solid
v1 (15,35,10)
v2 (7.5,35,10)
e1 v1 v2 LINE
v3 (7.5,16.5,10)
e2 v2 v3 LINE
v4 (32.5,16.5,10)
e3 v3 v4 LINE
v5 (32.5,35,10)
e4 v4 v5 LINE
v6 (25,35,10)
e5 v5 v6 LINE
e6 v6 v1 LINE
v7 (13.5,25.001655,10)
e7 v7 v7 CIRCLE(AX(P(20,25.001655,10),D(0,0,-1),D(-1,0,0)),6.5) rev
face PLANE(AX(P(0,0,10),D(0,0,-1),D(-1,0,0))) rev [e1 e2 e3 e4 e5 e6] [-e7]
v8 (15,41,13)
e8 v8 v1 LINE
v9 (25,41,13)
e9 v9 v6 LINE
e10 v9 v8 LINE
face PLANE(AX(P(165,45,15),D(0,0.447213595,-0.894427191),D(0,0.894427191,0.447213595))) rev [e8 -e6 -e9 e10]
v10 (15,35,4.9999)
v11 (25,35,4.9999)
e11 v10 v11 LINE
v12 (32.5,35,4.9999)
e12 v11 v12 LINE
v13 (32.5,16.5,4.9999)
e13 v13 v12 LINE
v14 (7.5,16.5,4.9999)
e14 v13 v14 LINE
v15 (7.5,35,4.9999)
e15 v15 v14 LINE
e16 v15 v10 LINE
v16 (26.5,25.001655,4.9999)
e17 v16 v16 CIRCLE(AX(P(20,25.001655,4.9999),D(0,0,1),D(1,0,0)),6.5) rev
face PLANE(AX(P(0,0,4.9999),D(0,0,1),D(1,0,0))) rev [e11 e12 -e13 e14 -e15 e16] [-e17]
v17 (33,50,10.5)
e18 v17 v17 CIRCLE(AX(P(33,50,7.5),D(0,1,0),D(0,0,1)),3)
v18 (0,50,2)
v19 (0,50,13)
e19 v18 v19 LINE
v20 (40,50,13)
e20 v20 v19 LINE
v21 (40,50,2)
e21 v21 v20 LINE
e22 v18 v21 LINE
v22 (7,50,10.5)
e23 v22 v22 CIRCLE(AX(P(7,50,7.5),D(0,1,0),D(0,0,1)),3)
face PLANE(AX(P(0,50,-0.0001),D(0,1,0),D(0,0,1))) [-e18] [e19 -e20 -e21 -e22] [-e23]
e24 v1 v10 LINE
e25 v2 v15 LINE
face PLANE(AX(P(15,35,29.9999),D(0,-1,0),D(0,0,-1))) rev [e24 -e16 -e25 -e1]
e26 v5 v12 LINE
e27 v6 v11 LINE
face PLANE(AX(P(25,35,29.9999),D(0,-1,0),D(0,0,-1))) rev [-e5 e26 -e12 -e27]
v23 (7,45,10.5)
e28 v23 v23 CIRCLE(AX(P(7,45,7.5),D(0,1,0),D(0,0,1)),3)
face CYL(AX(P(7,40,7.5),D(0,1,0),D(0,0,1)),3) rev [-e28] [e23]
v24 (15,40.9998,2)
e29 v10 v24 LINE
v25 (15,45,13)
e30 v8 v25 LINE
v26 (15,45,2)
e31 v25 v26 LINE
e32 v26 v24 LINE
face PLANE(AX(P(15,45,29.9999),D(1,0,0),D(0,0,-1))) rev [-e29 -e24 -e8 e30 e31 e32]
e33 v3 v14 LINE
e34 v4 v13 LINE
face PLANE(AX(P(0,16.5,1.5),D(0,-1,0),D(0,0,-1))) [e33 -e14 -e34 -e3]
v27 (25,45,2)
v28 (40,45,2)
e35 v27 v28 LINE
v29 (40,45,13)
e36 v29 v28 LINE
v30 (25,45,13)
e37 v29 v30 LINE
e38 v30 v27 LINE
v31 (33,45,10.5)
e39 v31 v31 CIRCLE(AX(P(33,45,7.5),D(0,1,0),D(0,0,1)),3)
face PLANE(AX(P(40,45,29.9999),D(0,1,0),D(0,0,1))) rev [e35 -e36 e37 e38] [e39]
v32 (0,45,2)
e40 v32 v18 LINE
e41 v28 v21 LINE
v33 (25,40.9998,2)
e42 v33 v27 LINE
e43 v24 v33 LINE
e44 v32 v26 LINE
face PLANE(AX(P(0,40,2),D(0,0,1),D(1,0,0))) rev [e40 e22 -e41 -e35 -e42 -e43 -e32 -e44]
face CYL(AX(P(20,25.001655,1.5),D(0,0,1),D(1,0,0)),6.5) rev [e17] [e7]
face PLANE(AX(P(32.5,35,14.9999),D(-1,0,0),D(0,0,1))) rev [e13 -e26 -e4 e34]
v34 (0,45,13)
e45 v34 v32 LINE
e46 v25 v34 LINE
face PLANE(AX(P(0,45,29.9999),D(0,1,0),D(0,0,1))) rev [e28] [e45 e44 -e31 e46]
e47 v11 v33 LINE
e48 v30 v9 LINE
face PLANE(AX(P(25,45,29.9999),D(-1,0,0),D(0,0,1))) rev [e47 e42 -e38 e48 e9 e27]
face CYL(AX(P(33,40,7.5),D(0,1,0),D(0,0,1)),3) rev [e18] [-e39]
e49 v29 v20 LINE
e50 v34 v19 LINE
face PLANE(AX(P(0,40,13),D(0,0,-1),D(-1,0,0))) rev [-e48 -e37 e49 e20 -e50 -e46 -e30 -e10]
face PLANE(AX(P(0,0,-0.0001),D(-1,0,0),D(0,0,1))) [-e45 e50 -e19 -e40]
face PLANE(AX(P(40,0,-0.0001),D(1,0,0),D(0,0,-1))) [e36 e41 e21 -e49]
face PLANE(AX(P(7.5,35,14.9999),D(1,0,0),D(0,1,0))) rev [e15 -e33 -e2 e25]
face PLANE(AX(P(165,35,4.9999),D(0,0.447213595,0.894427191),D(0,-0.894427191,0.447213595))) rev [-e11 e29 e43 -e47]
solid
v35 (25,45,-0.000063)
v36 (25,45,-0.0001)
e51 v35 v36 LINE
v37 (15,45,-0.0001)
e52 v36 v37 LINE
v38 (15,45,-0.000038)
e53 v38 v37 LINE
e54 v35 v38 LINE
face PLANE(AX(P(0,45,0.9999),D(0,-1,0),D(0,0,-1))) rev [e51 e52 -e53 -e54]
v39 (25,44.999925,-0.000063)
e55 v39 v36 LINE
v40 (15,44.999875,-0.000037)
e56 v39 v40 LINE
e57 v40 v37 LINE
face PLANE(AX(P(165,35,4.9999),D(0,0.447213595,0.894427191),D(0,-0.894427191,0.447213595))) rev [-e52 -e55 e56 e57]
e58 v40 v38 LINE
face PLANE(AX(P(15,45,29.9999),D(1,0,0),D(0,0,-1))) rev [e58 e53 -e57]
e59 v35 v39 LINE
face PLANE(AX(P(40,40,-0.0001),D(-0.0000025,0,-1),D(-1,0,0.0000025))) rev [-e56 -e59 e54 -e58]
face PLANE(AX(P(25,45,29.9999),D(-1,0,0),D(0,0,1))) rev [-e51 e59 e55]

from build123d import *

# Parameters (mm, degrees)
SKETCH1_W                = 40
SKETCH1_H                = 50
BOSS_EXTRUDE1_DEPTH      = 15
BOSS_EXTRUDE1_DEPTH_BACK = 0.0001
SKETCH2_R                = 6.5
CUT_EXTRUDE1_DEPTH       = 30
SKETCH3_W                = 15
SKETCH3_H                = 10
CUT_EXTRUDE4_DEPTH       = 30
SKETCH5_R                = 3
CUT_EXTRUDE5_DEPTH       = 10
SKETCH6_W                = 40
SKETCH6_H                = 35
CUT_EXTRUDE7_DEPTH       = 3.5
SKETCH7_W                = 40
SKETCH7_H                = 35
CUT_EXTRUDE8_DEPTH       = 3.5
CUT_EXTRUDE9_DEPTH       = 15
SKETCH10_R               = 6.5
CUT_EXTRUDE11_DEPTH      = 10
SKETCH11_W               = 40
SKETCH11_H               = 16.5
CUT_EXTRUDE16_DEPTH      = 10
SKETCH12_W               = 40
SKETCH12_H               = 18.5
CUT_EXTRUDE17_DEPTH      = 1.5
SKETCH13_W               = 40
SKETCH13_H               = 18.5
CUT_EXTRUDE18_DEPTH      = 1.5
CUT_EXTRUDE19_DEPTH      = 150
SKETCH15_W               = 40
SKETCH15_H               = 2
CUT_EXTRUDE21_DEPTH      = 10
SKETCH16_W               = 40
SKETCH16_H               = 5
CUT_EXTRUDE22_DEPTH      = 1
SKETCH17_W               = 7.5
SKETCH17_H               = 18.5
CUT_EXTRUDE23_DEPTH      = 10


with BuildPart() as part:
    # Sketch1 → Boss-Extrude1 (new body, two sides)
    with BuildSketch(Plane.XY) as boss_extrude1_sk:
        with Locations((20, 25)):
            Rectangle(SKETCH1_W, SKETCH1_H)
    extrude(amount=BOSS_EXTRUDE1_DEPTH)
    extrude(boss_extrude1_sk.sketch, amount=-BOSS_EXTRUDE1_DEPTH_BACK)

    # Sketch2 → Cut-Extrude1 (cut)
    with BuildSketch(Plane.XY.offset(15)):
        with Locations((20, 10)):
            Circle(SKETCH2_R)
    extrude(amount=-CUT_EXTRUDE1_DEPTH, mode=Mode.SUBTRACT)

    # Sketch3 → Cut-Extrude4 (cut)
    with BuildSketch(Plane(origin=(0, 0, -0.0001), x_dir=(-1, 0, 0), z_dir=(0, 0, -1))):
        with Locations((-32.5, 40)):
            Rectangle(SKETCH3_W, SKETCH3_H)
        with Locations((-7.5, 40)):
            Rectangle(SKETCH3_W, SKETCH3_H)
    extrude(amount=-CUT_EXTRUDE4_DEPTH, mode=Mode.SUBTRACT)

    # Sketch5 → Cut-Extrude5 (cut)
    with BuildSketch(Plane(origin=(0, 50, 0), x_dir=(1, 0, 0), z_dir=(0, 1, 0))):
        with Locations((7, -7.5)):
            Circle(SKETCH5_R)
        with Locations((33, -7.5)):
            Circle(SKETCH5_R)
    extrude(amount=-CUT_EXTRUDE5_DEPTH, mode=Mode.SUBTRACT)

    # Sketch6 → Cut-Extrude7 (cut)
    with BuildSketch(Plane.XY.offset(15)):
        with Locations((20, 17.5)):
            Rectangle(SKETCH6_W, SKETCH6_H)
    extrude(amount=-CUT_EXTRUDE7_DEPTH, mode=Mode.SUBTRACT)

    # Sketch7 → Cut-Extrude8 (cut)
    with BuildSketch(Plane(origin=(0, 0, -0.0001), x_dir=(-1, 0, 0), z_dir=(0, 0, -1))):
        with Locations((-20, 17.5)):
            Rectangle(SKETCH7_W, SKETCH7_H)
    extrude(amount=-CUT_EXTRUDE8_DEPTH, mode=Mode.SUBTRACT)

    # Sketch8 → Cut-Extrude9 (cut)
    with BuildSketch(Plane.ZY.offset(-15)):
        Polygon((-0.0001, 35), (3.4999, 35), (-0.0001, 45), align=None)
        Polygon((11.5, 35), (15, 35), (15, 45), align=None)
    extrude(amount=-CUT_EXTRUDE9_DEPTH, mode=Mode.SUBTRACT)

    # Sketch10 → Cut-Extrude11 (cut)
    with BuildSketch(Plane.XY.offset(11.5)):
        with Locations((20, 25.001654813)):
            Circle(SKETCH10_R)
    extrude(amount=-CUT_EXTRUDE11_DEPTH, mode=Mode.SUBTRACT)

    # Sketch11 → Cut-Extrude16 (cut)
    with BuildSketch(Plane.XY.offset(11.5)):
        with Locations((20, 8.25)):
            Rectangle(SKETCH11_W, SKETCH11_H)
    extrude(amount=-CUT_EXTRUDE16_DEPTH, mode=Mode.SUBTRACT)

    # Sketch12 → Cut-Extrude17 (cut)
    with BuildSketch(Plane.XY.offset(11.5)):
        with Locations((20, 25.75)):
            Rectangle(SKETCH12_W, SKETCH12_H)
    extrude(amount=-CUT_EXTRUDE17_DEPTH, mode=Mode.SUBTRACT)

    # Sketch13 → Cut-Extrude18 (cut)
    with BuildSketch(Plane(origin=(0, 0, 3.4999), x_dir=(-1, 0, 0), z_dir=(0, 0, -1))):
        with Locations((-20, 25.75)):
            Rectangle(SKETCH13_W, SKETCH13_H)
    extrude(amount=-CUT_EXTRUDE18_DEPTH, mode=Mode.SUBTRACT)

    # Sketch14 → Cut-Extrude19 (cut)
    with BuildSketch(Plane.ZY.offset(-15)):
        Polygon((4.9999, 35), (-0.0001, 45), (3.4999, 35), align=None)
        Polygon((10, 35), (11.5, 35), (15, 45), align=None)
    extrude(amount=-CUT_EXTRUDE19_DEPTH, mode=Mode.SUBTRACT)

    # Sketch15 → Cut-Extrude21 (cut)
    with BuildSketch(Plane(origin=(0, 50, 0), x_dir=(1, 0, 0), z_dir=(0, 1, 0))):
        Polygon((0, 0), (0, -2), (40, -2), (40, 0.0001), align=None)
        with Locations((20, -14)):
            Rectangle(SKETCH15_W, SKETCH15_H)
    extrude(amount=-CUT_EXTRUDE21_DEPTH, mode=Mode.SUBTRACT)

    # Sketch16 → Cut-Extrude22 (cut)
    with BuildSketch(Plane(origin=(0, 0, -0.0001), x_dir=(-1, 0, 0), z_dir=(0, 0, -1))):
        with Locations((-20, 47.5)):
            Rectangle(SKETCH16_W, SKETCH16_H)
    extrude(amount=-CUT_EXTRUDE22_DEPTH, mode=Mode.SUBTRACT)

    # Sketch17 → Cut-Extrude23 (cut)
    with BuildSketch(Plane(origin=(0, 0, 4.9999), x_dir=(-1, 0, 0), z_dir=(0, 0, -1))):
        with Locations((-36.25, 25.75)):
            Rectangle(SKETCH17_W, SKETCH17_H)
        with Locations((-3.75, 25.75)):
            Rectangle(SKETCH17_W, SKETCH17_H)
    extrude(amount=-CUT_EXTRUDE23_DEPTH, mode=Mode.SUBTRACT)


solid = part.part
